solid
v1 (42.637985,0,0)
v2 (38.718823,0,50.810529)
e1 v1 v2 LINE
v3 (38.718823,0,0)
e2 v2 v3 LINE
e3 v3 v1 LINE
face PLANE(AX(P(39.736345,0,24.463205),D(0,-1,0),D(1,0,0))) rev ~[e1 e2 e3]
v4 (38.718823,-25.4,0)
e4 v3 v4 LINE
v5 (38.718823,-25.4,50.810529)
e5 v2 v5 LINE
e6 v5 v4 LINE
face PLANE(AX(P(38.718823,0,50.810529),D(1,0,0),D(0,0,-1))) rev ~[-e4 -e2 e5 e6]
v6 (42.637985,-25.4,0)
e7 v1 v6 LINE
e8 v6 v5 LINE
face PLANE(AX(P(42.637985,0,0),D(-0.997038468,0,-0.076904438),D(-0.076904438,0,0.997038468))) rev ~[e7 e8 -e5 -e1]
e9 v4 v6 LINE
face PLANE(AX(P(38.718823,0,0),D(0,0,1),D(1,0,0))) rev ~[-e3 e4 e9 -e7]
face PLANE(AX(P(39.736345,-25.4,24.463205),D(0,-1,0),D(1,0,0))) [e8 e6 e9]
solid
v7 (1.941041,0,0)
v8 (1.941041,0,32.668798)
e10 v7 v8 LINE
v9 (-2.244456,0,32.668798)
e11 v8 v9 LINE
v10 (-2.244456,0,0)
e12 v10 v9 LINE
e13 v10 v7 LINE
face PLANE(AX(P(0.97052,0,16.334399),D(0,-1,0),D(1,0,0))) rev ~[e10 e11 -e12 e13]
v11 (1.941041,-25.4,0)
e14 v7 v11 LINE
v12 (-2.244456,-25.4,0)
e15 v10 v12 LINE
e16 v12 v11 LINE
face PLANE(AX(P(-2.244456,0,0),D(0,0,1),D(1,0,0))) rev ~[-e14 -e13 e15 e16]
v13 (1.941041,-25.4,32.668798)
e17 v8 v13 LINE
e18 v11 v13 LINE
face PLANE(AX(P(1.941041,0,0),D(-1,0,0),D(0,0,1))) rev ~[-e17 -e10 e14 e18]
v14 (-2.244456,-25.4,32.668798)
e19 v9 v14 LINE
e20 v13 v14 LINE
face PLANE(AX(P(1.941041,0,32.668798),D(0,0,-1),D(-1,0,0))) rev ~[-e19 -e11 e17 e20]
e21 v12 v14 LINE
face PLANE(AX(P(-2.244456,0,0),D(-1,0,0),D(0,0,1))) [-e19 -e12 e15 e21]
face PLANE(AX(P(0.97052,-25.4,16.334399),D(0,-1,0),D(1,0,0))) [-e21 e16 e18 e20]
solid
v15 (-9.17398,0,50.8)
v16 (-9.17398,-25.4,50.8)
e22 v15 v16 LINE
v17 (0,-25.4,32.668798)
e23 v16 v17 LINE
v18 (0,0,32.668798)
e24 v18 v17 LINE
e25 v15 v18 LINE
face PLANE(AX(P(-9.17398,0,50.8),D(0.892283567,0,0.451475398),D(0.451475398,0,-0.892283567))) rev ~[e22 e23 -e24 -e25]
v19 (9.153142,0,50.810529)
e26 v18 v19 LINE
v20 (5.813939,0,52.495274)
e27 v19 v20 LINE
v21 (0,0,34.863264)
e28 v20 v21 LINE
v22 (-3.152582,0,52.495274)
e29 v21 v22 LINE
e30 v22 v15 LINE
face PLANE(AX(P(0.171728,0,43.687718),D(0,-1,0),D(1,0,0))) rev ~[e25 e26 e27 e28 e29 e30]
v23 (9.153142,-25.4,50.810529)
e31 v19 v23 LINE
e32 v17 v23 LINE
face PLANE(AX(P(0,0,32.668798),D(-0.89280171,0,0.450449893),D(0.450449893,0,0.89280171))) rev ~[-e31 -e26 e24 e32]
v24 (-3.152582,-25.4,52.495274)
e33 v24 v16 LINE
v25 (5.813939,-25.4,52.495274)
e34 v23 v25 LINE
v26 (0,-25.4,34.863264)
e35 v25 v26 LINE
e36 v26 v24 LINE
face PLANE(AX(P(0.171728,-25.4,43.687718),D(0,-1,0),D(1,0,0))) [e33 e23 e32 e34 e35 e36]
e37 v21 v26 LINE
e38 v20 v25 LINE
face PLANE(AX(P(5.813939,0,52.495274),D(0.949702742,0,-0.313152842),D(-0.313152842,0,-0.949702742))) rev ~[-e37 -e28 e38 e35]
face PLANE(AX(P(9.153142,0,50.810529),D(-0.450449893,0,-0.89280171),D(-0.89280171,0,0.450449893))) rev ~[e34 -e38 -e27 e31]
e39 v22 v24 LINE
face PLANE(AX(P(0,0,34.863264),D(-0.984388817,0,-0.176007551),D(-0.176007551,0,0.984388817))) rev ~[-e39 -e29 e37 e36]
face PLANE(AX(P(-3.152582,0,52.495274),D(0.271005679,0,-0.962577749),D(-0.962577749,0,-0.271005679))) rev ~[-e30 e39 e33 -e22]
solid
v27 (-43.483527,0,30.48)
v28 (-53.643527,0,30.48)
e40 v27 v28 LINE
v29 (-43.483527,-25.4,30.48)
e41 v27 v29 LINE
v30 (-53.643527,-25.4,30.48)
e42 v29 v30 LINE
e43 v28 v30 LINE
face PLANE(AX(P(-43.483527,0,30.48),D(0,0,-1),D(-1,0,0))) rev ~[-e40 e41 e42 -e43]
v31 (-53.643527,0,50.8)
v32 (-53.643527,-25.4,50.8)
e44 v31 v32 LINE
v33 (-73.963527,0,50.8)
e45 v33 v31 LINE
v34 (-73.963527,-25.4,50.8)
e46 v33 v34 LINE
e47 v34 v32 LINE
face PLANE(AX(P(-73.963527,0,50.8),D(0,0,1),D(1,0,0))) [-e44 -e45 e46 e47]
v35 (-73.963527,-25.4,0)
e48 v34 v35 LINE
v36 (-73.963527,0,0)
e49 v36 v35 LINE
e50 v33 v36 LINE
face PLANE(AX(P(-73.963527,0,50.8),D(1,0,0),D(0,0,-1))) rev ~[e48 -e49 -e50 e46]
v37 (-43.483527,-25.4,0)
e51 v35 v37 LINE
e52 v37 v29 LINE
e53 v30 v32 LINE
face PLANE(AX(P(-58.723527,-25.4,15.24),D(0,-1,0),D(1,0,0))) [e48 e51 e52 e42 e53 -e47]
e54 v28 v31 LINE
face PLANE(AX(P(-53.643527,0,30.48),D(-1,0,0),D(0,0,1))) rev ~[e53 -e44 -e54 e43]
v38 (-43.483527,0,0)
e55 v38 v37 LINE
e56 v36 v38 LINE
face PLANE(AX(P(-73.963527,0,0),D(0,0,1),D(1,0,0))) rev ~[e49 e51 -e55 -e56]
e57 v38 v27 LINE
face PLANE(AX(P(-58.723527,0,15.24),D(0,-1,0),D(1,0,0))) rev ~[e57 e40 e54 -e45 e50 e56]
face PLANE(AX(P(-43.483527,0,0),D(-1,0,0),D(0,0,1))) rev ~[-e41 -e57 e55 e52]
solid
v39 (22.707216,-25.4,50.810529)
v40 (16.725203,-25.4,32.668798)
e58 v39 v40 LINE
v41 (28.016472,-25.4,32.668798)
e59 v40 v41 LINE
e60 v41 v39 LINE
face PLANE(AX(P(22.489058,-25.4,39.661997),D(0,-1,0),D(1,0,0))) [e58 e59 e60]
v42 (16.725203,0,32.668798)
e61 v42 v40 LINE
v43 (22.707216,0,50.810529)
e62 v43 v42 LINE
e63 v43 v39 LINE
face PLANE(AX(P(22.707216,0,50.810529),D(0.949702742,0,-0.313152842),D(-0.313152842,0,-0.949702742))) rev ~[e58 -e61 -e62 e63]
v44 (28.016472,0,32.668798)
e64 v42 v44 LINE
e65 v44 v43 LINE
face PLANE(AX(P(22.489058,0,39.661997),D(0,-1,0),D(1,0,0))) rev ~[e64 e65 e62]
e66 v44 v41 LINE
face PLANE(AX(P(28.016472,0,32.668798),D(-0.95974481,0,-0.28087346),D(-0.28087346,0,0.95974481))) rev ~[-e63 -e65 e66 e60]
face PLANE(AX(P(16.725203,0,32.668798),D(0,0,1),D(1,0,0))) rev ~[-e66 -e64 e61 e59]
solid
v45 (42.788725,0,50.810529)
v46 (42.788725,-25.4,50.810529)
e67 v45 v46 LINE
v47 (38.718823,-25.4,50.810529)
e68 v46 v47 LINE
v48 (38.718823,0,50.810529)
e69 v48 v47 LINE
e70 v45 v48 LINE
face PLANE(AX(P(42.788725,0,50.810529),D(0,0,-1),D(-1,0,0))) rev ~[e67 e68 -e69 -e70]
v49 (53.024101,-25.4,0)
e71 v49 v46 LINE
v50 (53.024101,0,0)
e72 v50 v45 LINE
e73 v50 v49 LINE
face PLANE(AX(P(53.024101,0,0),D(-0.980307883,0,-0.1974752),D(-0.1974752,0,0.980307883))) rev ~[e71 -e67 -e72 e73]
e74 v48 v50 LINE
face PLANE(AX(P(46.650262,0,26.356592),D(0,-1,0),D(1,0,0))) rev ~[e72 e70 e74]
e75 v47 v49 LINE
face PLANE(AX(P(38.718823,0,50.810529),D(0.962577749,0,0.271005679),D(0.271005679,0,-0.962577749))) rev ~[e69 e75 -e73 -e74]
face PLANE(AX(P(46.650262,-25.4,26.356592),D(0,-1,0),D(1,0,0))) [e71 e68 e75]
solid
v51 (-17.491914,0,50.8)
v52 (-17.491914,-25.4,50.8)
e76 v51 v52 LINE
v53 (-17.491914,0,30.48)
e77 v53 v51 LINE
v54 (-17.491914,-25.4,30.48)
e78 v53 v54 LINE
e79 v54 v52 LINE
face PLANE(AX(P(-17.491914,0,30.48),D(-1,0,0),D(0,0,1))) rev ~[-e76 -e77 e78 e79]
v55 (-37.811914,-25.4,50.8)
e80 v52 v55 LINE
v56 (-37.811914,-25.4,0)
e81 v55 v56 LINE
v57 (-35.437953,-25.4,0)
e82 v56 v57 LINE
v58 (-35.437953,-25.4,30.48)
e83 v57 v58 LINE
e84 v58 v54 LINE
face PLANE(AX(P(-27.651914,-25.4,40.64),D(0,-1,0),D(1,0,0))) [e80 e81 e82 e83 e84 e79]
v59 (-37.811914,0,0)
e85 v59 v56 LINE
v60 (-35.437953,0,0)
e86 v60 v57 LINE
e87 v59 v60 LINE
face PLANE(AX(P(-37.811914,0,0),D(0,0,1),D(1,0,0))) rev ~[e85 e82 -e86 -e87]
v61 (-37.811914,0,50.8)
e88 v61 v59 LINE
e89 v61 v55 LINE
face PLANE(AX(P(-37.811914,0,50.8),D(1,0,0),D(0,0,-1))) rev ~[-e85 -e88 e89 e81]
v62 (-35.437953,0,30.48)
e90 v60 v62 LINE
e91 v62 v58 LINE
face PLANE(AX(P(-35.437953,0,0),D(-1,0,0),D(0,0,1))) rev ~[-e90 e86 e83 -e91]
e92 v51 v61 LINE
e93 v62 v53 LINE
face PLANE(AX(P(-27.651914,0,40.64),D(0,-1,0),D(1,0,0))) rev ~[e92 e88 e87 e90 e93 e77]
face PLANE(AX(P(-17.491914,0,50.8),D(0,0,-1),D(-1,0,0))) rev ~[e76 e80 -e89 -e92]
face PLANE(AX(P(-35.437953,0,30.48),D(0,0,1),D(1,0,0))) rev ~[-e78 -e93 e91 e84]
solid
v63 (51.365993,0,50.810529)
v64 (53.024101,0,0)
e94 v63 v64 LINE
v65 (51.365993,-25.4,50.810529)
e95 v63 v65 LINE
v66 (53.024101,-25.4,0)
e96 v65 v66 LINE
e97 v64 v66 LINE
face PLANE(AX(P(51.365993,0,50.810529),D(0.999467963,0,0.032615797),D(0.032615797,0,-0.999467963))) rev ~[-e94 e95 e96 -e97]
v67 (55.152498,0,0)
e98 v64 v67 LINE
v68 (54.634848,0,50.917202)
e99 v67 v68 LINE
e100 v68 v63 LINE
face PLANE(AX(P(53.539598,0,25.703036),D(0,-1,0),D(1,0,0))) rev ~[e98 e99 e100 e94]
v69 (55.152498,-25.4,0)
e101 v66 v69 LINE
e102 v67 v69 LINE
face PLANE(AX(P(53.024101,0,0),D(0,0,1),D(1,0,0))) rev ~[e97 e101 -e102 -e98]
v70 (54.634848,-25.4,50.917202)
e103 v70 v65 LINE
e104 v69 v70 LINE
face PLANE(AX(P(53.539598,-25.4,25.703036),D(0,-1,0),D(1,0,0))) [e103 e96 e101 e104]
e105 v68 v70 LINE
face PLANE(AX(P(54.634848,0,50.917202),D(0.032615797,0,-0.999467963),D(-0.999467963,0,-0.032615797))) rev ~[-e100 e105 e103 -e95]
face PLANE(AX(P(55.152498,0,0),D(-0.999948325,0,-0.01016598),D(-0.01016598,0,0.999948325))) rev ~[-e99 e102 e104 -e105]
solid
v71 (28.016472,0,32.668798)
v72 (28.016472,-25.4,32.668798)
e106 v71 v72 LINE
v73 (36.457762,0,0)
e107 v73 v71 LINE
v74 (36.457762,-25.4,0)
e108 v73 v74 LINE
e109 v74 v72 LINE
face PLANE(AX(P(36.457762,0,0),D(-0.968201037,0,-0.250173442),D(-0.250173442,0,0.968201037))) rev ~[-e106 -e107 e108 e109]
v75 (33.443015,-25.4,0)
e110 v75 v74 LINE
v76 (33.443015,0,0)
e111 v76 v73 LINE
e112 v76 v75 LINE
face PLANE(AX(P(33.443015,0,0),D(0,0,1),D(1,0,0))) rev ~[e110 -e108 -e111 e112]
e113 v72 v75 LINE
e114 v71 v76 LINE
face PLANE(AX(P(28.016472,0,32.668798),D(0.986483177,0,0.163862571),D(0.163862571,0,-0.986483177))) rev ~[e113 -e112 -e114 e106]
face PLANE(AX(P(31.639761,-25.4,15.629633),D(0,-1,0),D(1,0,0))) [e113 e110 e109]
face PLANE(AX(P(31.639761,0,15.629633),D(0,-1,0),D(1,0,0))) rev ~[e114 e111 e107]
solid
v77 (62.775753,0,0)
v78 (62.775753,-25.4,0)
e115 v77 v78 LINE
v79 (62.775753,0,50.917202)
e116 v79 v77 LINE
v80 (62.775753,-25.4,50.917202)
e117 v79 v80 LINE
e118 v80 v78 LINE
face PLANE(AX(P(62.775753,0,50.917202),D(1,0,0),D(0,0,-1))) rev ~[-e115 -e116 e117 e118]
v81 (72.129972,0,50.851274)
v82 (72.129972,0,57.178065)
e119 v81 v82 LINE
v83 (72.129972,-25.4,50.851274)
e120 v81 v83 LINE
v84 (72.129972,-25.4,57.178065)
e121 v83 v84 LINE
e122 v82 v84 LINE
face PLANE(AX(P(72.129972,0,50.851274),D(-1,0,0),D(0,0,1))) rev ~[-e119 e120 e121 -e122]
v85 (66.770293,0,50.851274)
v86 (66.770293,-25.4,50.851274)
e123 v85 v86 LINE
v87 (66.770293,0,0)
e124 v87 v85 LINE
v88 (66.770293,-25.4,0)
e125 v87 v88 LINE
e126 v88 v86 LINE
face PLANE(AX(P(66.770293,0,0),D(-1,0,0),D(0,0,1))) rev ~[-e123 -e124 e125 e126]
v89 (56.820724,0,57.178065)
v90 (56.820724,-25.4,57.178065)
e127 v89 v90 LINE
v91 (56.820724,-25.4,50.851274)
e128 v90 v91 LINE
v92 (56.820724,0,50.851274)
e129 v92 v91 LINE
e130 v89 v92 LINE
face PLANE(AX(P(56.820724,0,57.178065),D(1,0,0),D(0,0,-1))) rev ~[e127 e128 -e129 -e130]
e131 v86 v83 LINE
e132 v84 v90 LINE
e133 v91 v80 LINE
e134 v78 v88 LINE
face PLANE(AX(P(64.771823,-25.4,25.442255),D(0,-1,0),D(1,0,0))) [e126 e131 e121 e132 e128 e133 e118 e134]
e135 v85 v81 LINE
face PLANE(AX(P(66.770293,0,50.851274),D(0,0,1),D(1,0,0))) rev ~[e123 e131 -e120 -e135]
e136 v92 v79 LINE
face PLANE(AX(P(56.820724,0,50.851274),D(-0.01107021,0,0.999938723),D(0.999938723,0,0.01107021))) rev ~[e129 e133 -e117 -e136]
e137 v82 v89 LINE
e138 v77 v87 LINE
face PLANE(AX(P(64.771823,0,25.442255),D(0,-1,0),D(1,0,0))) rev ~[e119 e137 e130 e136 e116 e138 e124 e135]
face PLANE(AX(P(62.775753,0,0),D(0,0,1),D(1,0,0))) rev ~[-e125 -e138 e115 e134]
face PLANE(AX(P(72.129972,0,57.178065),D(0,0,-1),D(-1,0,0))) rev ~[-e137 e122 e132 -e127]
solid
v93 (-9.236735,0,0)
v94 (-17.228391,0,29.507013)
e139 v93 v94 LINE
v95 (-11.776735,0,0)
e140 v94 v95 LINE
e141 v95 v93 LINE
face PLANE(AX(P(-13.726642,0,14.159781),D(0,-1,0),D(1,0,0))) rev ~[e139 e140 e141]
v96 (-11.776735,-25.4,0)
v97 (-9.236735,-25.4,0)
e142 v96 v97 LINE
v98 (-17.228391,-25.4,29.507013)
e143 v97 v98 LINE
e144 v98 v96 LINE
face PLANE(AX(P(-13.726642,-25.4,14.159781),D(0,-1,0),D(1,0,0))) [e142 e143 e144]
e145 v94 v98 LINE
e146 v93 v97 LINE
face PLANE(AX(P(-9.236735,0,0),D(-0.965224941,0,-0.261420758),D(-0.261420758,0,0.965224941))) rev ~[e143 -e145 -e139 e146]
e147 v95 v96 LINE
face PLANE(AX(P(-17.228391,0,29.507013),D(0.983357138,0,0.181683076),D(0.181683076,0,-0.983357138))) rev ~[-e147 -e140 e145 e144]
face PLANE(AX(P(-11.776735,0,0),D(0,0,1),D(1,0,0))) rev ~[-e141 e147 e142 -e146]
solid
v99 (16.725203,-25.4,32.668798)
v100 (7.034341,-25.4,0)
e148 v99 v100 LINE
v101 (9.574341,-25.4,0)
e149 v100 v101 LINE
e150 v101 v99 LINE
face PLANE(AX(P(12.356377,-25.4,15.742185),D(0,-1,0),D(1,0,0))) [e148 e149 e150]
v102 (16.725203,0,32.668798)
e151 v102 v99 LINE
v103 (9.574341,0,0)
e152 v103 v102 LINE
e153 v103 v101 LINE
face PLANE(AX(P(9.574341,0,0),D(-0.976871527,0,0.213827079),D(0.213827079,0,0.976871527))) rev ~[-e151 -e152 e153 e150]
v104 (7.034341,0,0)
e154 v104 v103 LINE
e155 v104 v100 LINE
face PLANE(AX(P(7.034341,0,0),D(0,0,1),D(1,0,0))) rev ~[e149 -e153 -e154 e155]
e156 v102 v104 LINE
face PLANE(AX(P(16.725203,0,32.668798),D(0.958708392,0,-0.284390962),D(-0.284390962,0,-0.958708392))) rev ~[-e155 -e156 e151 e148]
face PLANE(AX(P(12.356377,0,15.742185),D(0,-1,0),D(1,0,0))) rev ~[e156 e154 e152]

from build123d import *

# Parameters (mm, degrees)
F0_W     = 20.32
F0_H     = 20.32
F1_DEPTH = 25.4
F0_W_2   = 2.3739616048
F0_H_2   = 30.48
F0_W_3   = 1.9410408568
F0_H_3   = 32.6687979088
F0_W_4   = 2.2444559727


with BuildPart() as f1:
    # F0 (on Front) → F1 (new body)
    with BuildSketch(Plane.XZ):
        Polygon((-73.9635265827, 30.48), (-73.9635265827, 0), (-43.4835265827, 0), (-43.4835265827, 30.48), (-53.6435265827, 30.48), align=None)
        with Locations((-63.8035265827, 40.64)):
            Rectangle(F0_W, F0_H)
    extrude(amount=F1_DEPTH)


with BuildPart() as f1b:
    # F0 (on Front) → F1, piece 2 (new body)
    with BuildSketch(Plane.XZ):
        Polygon((-17.4919143319, 50.8), (-37.8119143319, 50.8), (-37.8119143319, 30.48), (-35.4379527271, 30.48), (-17.4919143319, 30.48), align=None)
        with Locations((-36.6249335295, 15.24)):
            Rectangle(F0_W_2, F0_H_2)
    extrude(amount=F1_DEPTH)


with BuildPart() as f1c:
    # F0 (on Front) → F1, piece 3 (new body)
    with BuildSketch(Plane.XZ):
        Polygon((-9.2367352918, 0), (-17.2283914096, 29.5070133898), (-11.7767352918, 0), align=None)
    extrude(amount=F1_DEPTH)


with BuildPart() as f1d:
    # F0 (on Front) → F1, piece 4 (new body)
    with BuildSketch(Plane.XZ):
        Polygon((-3.1525824126, 52.4952739344), (-9.1739800919, 50.8), (0, 32.6687979088), (9.153141818, 50.8105286658), (5.8139392069, 52.4952739344), (0, 34.8632640513), align=None)
    extrude(amount=F1_DEPTH)


with BuildPart() as f1e:
    # F0 (on Front) → F1, piece 5 (new body)
    with BuildSketch(Plane.XZ):
        with Locations((0.9705204284, 16.3343989544)):
            Rectangle(F0_W_3, F0_H_3)
        with Locations((-1.1222279863, 16.3343989544)):
            Rectangle(F0_W_4, F0_H_3)
    extrude(amount=F1_DEPTH)


with BuildPart() as f1f:
    # F0 (on Front) → F1, piece 6 (new body)
    with BuildSketch(Plane.XZ):
        Polygon((28.0164722353, 32.6687979088), (22.7072164416, 50.8105286658), (16.7252030224, 32.6687979088), align=None)
    extrude(amount=F1_DEPTH)


with BuildPart() as f1g:
    # F0 (on Front) → F1, piece 7 (new body)
    with BuildSketch(Plane.XZ):
        Polygon((36.4577621222, 0), (28.0164722353, 32.6687979088), (33.4430150688, 0), align=None)
    extrude(amount=F1_DEPTH)


with BuildPart() as f1h:
    # F0 (on Front) → F1, piece 8 (new body)
    with BuildSketch(Plane.XZ):
        Polygon((9.5743408734, 0), (16.7252030224, 32.6687979088), (7.0343408734, 0), align=None)
    extrude(amount=F1_DEPTH)


with BuildPart() as f1i:
    # F0 (on Front) → F1, piece 9 (new body)
    with BuildSketch(Plane.XZ):
        Polygon((51.3659927748, 50.8105286658), (53.0241008602, 0), (55.1524981856, 0), (54.6348481797, 50.9172017455), align=None)
    extrude(amount=F1_DEPTH)


with BuildPart() as f1j:
    # F0 (on Front) → F1, piece 10 (new body)
    with BuildSketch(Plane.XZ):
        Polygon((42.7887253463, 50.8105286658), (38.7188233435, 50.8105286658), (53.0241008602, 0), align=None)
    extrude(amount=F1_DEPTH)


with BuildPart() as f1k:
    # F0 (on Front) → F1, piece 11 (new body)
    with BuildSketch(Plane.XZ):
        Polygon((38.7188233435, 50.8105286658), (38.7188233435, 0), (42.6379851997, 0), align=None)
    extrude(amount=F1_DEPTH)


with BuildPart() as f1l:
    # F0 (on Front) → F1, piece 12 (new body)
    with BuildSketch(Plane.XZ):
        Polygon((66.7702928185, 50.8512742817), (62.7757534385, 50.9172017455), (62.7757534385, 0), (66.7702928185, 0), align=None)
        Polygon((56.8207241595, 50.8512742817), (62.7757534385, 50.9172017455), (66.7702928185, 50.8512742817), (72.1299722791, 50.8512742817), (72.1299722791, 57.1780651808), (56.8207241595, 57.1780651808), align=None)
    extrude(amount=F1_DEPTH)


solid = Compound([f1.part, f1b.part, f1c.part, f1d.part, f1e.part, f1f.part, f1g.part, f1h.part, f1i.part, f1j.part, f1k.part, f1l.part])
